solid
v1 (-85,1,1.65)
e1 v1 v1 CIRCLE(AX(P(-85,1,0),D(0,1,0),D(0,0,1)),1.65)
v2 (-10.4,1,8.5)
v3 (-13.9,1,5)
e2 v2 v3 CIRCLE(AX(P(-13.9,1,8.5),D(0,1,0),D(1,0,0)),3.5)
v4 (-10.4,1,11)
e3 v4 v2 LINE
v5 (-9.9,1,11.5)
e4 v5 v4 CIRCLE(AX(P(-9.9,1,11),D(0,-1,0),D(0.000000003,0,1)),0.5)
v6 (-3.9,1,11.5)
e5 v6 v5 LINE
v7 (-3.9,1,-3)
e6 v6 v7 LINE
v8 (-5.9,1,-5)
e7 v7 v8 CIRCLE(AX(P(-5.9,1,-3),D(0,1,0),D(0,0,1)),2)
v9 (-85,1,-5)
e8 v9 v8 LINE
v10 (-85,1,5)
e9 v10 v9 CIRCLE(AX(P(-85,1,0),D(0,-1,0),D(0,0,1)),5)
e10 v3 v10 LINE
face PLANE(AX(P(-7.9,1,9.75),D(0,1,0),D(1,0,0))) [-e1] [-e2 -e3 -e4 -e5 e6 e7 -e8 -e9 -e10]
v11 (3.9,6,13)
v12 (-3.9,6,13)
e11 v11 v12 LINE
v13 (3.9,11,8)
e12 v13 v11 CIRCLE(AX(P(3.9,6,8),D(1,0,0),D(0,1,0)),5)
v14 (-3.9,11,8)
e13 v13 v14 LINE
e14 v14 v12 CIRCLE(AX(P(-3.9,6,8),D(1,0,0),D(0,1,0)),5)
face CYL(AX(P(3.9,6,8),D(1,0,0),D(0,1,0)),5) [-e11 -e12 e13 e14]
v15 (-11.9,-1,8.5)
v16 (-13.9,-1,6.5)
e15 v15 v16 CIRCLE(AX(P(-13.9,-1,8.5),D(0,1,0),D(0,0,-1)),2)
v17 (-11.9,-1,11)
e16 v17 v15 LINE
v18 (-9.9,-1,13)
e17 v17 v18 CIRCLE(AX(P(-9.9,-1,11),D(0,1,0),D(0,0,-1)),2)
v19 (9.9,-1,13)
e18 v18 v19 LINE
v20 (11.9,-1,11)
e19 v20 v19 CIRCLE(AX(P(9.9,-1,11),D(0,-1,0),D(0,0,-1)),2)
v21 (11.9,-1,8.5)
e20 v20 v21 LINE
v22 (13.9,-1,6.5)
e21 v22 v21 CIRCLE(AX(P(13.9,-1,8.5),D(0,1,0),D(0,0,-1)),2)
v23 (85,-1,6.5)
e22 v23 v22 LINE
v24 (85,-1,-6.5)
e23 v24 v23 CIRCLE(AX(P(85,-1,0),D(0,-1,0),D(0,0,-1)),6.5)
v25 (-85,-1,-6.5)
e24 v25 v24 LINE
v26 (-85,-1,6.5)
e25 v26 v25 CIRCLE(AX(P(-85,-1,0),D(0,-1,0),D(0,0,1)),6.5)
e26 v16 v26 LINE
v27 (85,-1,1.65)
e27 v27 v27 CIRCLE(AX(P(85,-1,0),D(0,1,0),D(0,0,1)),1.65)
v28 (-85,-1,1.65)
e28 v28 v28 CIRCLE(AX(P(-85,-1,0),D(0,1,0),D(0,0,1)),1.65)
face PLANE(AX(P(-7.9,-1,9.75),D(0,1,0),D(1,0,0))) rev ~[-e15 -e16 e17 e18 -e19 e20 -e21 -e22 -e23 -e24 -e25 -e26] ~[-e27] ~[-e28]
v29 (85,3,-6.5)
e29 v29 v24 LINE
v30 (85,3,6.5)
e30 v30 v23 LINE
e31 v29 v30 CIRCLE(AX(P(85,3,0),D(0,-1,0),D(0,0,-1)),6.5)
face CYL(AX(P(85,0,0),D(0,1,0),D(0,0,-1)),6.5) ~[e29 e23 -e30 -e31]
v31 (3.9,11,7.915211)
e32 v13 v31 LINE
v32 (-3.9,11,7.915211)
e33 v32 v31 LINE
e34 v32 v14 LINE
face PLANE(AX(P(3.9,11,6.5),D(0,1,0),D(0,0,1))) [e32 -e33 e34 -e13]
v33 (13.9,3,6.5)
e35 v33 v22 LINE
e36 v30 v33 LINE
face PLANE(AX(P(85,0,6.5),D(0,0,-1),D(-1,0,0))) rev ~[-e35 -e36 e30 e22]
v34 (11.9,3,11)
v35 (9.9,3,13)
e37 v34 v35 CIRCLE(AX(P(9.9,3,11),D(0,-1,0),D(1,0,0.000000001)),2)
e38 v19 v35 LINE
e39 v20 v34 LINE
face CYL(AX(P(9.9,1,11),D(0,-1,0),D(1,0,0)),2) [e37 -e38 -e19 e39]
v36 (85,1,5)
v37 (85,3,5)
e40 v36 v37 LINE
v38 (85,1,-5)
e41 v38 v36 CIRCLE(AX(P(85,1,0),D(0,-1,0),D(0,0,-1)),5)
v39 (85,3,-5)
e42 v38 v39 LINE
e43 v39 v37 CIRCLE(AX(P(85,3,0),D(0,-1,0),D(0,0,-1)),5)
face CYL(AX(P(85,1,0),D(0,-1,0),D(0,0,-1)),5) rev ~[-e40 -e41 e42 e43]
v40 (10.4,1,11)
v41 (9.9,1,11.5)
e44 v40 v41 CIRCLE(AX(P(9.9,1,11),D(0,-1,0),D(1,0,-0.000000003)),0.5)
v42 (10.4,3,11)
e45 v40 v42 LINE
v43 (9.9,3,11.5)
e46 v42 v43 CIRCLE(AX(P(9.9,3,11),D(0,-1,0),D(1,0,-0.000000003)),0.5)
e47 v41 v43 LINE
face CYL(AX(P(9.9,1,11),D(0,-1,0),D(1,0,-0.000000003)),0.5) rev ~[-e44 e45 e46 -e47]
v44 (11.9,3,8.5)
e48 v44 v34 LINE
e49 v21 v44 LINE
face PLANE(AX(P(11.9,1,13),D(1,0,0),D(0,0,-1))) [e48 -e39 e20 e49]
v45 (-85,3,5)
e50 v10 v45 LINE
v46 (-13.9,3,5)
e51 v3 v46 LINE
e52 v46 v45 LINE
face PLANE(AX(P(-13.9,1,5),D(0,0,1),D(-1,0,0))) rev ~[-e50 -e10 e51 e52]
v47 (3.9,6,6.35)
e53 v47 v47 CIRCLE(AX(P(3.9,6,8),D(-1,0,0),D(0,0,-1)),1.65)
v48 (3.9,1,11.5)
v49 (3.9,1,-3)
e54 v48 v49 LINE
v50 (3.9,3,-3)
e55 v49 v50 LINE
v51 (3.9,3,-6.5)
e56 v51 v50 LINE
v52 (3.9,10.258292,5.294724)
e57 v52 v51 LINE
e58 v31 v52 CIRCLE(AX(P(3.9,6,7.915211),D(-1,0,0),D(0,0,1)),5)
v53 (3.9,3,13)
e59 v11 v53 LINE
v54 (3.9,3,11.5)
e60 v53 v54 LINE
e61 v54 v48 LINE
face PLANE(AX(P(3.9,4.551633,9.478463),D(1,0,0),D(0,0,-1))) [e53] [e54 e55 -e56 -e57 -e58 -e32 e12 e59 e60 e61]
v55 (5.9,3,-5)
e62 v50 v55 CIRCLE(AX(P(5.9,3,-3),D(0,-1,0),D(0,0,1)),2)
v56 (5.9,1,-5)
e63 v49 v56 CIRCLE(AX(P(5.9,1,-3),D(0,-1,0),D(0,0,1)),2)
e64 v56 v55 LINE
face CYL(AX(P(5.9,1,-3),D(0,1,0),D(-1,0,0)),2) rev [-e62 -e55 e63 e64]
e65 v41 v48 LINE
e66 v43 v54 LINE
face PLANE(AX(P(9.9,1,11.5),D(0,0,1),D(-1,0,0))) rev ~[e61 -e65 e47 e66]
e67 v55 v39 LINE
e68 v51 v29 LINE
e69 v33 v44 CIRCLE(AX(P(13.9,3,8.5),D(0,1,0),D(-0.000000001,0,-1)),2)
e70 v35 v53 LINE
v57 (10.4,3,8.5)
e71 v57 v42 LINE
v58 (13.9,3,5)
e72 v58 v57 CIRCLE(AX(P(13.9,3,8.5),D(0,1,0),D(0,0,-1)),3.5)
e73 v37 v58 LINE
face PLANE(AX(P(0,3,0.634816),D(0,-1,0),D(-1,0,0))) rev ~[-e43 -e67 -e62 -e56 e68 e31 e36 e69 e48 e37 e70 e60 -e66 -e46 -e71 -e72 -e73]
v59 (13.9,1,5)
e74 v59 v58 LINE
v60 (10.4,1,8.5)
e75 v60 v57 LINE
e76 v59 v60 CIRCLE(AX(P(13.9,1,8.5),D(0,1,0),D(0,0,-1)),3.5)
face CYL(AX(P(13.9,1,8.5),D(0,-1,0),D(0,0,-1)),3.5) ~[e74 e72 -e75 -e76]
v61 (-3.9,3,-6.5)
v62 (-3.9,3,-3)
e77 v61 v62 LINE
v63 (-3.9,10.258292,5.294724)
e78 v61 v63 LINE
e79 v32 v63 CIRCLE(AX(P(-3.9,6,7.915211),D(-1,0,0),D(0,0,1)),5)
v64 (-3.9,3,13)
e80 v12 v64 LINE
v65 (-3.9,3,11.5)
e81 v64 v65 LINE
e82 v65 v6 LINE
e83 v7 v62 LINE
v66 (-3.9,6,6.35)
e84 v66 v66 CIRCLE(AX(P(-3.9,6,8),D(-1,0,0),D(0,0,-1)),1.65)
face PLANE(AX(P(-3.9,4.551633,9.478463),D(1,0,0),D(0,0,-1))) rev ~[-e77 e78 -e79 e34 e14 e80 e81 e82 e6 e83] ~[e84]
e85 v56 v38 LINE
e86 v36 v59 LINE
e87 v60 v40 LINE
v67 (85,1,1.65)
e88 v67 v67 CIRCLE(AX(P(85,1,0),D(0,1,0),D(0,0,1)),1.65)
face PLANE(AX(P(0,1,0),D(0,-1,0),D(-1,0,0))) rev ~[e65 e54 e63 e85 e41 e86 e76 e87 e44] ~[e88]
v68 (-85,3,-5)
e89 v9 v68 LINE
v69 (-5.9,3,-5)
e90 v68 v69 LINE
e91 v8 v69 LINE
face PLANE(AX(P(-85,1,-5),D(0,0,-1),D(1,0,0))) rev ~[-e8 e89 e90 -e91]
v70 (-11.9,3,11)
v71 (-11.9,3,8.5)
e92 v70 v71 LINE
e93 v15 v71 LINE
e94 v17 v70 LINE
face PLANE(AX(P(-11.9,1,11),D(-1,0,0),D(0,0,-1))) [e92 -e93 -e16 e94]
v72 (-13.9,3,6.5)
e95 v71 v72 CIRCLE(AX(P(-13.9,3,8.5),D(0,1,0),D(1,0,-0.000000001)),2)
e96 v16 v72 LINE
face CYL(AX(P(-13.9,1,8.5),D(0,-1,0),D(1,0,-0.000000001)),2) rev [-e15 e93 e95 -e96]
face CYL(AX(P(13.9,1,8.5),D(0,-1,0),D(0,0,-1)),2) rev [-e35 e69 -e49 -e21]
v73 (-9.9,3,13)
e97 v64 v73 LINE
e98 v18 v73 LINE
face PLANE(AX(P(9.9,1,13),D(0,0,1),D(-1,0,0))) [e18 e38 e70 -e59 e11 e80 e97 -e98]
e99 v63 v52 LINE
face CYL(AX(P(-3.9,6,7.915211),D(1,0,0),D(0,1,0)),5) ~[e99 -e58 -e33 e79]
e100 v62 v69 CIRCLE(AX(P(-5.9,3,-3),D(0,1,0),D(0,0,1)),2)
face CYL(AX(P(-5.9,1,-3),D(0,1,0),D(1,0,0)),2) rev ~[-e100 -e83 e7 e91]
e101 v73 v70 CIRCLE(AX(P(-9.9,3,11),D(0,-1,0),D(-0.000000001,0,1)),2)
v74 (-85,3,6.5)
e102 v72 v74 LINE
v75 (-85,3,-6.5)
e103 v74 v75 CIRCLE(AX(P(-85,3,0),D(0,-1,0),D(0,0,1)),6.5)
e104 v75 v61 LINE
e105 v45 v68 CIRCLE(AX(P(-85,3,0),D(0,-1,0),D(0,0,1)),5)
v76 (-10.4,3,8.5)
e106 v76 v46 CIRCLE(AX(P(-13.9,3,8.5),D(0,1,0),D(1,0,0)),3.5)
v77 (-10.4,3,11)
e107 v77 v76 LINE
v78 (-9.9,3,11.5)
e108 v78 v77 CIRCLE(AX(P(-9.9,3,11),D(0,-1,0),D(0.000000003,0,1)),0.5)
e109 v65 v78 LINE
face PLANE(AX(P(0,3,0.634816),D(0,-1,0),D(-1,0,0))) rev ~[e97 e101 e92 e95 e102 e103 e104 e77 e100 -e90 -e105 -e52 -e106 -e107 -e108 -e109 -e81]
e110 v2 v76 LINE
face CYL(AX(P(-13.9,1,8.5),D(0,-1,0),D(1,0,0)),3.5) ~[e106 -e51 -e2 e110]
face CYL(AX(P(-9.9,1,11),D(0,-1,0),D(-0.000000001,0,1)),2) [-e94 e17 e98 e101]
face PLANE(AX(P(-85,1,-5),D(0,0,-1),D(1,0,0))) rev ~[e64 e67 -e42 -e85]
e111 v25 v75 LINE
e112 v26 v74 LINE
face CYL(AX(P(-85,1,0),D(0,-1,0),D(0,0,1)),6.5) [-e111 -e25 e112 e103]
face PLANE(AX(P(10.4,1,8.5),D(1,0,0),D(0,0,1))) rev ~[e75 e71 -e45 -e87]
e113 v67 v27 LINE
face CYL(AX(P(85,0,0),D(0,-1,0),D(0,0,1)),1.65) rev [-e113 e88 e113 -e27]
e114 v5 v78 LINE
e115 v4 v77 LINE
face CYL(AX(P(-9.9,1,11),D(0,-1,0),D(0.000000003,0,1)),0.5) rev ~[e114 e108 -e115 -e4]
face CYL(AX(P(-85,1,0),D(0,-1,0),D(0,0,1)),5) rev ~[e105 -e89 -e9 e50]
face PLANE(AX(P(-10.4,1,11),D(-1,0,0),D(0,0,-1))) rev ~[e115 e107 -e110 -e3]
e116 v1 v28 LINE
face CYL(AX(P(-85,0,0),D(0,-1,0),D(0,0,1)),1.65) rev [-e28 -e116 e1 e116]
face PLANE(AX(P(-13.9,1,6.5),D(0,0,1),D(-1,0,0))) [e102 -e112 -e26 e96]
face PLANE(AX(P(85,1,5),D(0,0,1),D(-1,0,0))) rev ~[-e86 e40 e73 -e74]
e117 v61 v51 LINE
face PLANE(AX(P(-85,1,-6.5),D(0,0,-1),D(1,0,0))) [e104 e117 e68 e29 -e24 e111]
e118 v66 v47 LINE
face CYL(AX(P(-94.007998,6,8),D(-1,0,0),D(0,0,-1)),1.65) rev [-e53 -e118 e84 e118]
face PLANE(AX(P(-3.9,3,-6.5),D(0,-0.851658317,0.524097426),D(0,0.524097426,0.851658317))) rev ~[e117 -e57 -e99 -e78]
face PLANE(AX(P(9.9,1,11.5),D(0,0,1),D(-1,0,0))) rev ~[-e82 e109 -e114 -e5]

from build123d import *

# Parameters (mm, degrees)
SKETCH1_R               = 1.65
BOSS_EXTRUDE1_DEPTH     = 1
SKETCH2_W               = 7.8
SKETCH2_H               = 13
BOSS_EXTRUDE2_DEPTH     = 10
BOSS_EXTRUDE3_DEPTH     = 7.8
CUT_EXTRUDE1_DEPTH      = 97.907997606
CUT_EXTRUDE1_DEPTH_BACK = 97.907997606
SKETCH4_R               = 1.65
SKETCH7_W               = 8
SKETCH7_H               = 6.5
BOSS_EXTRUDE5_DEPTH     = 2
FILLET3_R               = 2
BOSS_EXTRUDE4_DEPTH     = 2
CUT_EXTRUDE2_DEPTH      = 10
FILLET1_R               = 5
FILLET2_R               = 2


with BuildPart() as part:
    # Sketch1 → Boss-Extrude1 (new, symmetric)
    with BuildSketch(Plane(origin=(0, 0, 0), x_dir=(1, 0, 0), z_dir=(0, 1, 0))):
        with BuildLine():
            Line((-85, 6.5), (85, 6.5))
            ThreePointArc((85, 6.5), (91.5, 0), (85, -6.5))
            Line((85, -6.5), (-85, -6.5))
            ThreePointArc((-85, -6.5), (-91.5, 0), (-85, 6.5))
        make_face()
        with Locations(Location((-85, 0, 0), (0, 0, 270))):
            Circle(SKETCH1_R, mode=Mode.SUBTRACT)
        with Locations(Location((85, 0, 0), (0, 0, 270))):
            Circle(SKETCH1_R, mode=Mode.SUBTRACT)
    extrude(amount=BOSS_EXTRUDE1_DEPTH, both=True)

    # Sketch2 → Boss-Extrude2 (add)
    with BuildSketch(Plane(origin=(0, 1, 0), x_dir=(1, 0, 0), z_dir=(0, 1, 0))):
        Rectangle(SKETCH2_W, SKETCH2_H)
    extrude(amount=BOSS_EXTRUDE2_DEPTH)

    # Sketch3 → Boss-Extrude3 (add)
    with BuildSketch(Plane(origin=(3.9, 0, 0), x_dir=(0, 0, -1), z_dir=(1, 0, 0))):
        with BuildLine():
            Line((-6.5, 11), (-8, 11))
            ThreePointArc((-8, 11), (-11.535533906, 9.535533906), (-13, 6))
            Line((-13, 6), (-13, -1))
            Line((-13, -1), (-6.5, -1))
            Line((-6.5, -1), (-6.5, 11))
        make_face()
    extrude(amount=-BOSS_EXTRUDE3_DEPTH)

    # Sketch4 → Cut-Extrude1 (cut, two sides: drawn at the far end of the back side and taken through both)
    with BuildSketch(Plane(origin=(3.9, 0, 0), x_dir=(0, 0, -1), z_dir=(1, 0, 0)).offset(-CUT_EXTRUDE1_DEPTH_BACK)):
        with Locations((-8, 6)):
            Circle(SKETCH4_R)
    extrude(amount=CUT_EXTRUDE1_DEPTH + CUT_EXTRUDE1_DEPTH_BACK, mode=Mode.SUBTRACT)

    # Sketch7 → Boss-Extrude5 (add)
    with BuildSketch(Plane(origin=(0, 1, 0), x_dir=(1, 0, 0), z_dir=(0, 1, 0))):
        with Locations((-7.9, -9.75)):
            Rectangle(SKETCH7_W, SKETCH7_H)
        with Locations((7.9, -9.75)):
            Rectangle(SKETCH7_W, SKETCH7_H)
    extrude(amount=-BOSS_EXTRUDE5_DEPTH)

    # Fillet3
    fillet3_edges = [part.edges().sort_by_distance(p)[0] for p in [
        (-11.9, 0, 6.5),
        (-11.9, 0, 13),
        (11.9, 0, 6.5),
        (11.9, 0, 13),
    ]]
    fillet(fillet3_edges, radius=FILLET3_R)

    # Sketch5 → Boss-Extrude4 (add)
    with BuildSketch(Plane(origin=(0, 1, 0), x_dir=(1, 0, 0), z_dir=(0, 1, 0))):
        with BuildLine():
            Line((-85, 6.5), (85, 6.5))
            ThreePointArc((85, 6.5), (91.5, 0), (85, -6.5))
            Line((85, -6.5), (13.9, -6.5))
            ThreePointArc((13.9, -6.5), (12.485786438, -7.085786438), (11.9, -8.5))
            Line((11.9, -8.5), (11.9, -11))
            ThreePointArc((11.9, -11), (11.314213562, -12.414213562), (9.9, -13))
            Line((9.9, -13), (-9.9, -13))
            ThreePointArc((-9.9, -13), (-11.314213562, -12.414213562), (-11.9, -11))
            Line((-11.9, -11), (-11.9, -8.5))
            ThreePointArc((-11.9, -8.5), (-12.485786438, -7.085786438), (-13.9, -6.5))
            Line((-13.9, -6.5), (-85, -6.5))
            ThreePointArc((-85, -6.5), (-91.5, 0), (-85, 6.5))
        make_face()
        with BuildLine():
            Line((-85, 5), (85, 5))
            ThreePointArc((85, 5), (90, 0), (85, -5))
            Line((85, -5), (13.9, -5))
            ThreePointArc((13.9, -5), (11.425126266, -6.025126266), (10.4, -8.5))
            Line((10.4, -8.5), (10.4, -11))
            ThreePointArc((10.4, -11), (10.253553391, -11.353553391), (9.9, -11.5))
            Line((9.9, -11.5), (-9.9, -11.5))
            ThreePointArc((-9.9, -11.5), (-10.253553391, -11.353553391), (-10.4, -11))
            Line((-10.4, -11), (-10.4, -8.5))
            ThreePointArc((-10.4, -8.5), (-11.425126266, -6.025126266), (-13.9, -5))
            Line((-13.9, -5), (-85, -5))
            ThreePointArc((-85, -5), (-90, 0), (-85, 5))
        make_face(mode=Mode.SUBTRACT)
    extrude(amount=BOSS_EXTRUDE4_DEPTH)

    # Sketch6 → Cut-Extrude2 (cut)
    with BuildSketch(Plane.ZY.offset(3.9)):
        Polygon((-6.5, 3), (6.5, 11), (-6.5, 11), align=None)
    extrude(amount=-CUT_EXTRUDE2_DEPTH, mode=Mode.SUBTRACT)

    # Fillet1
    fillet1_edges = [part.edges().sort_by_distance(p)[0] for p in [
        (0, 11, 6.5),
    ]]
    fillet(fillet1_edges, radius=FILLET1_R)

    # Fillet2
    fillet2_edges = [part.edges().sort_by_distance(p)[0] for p in [
        (-3.9, 2, -5),
        (3.9, 2, -5),
    ]]
    fillet(fillet2_edges, radius=FILLET2_R)


solid = part.part
